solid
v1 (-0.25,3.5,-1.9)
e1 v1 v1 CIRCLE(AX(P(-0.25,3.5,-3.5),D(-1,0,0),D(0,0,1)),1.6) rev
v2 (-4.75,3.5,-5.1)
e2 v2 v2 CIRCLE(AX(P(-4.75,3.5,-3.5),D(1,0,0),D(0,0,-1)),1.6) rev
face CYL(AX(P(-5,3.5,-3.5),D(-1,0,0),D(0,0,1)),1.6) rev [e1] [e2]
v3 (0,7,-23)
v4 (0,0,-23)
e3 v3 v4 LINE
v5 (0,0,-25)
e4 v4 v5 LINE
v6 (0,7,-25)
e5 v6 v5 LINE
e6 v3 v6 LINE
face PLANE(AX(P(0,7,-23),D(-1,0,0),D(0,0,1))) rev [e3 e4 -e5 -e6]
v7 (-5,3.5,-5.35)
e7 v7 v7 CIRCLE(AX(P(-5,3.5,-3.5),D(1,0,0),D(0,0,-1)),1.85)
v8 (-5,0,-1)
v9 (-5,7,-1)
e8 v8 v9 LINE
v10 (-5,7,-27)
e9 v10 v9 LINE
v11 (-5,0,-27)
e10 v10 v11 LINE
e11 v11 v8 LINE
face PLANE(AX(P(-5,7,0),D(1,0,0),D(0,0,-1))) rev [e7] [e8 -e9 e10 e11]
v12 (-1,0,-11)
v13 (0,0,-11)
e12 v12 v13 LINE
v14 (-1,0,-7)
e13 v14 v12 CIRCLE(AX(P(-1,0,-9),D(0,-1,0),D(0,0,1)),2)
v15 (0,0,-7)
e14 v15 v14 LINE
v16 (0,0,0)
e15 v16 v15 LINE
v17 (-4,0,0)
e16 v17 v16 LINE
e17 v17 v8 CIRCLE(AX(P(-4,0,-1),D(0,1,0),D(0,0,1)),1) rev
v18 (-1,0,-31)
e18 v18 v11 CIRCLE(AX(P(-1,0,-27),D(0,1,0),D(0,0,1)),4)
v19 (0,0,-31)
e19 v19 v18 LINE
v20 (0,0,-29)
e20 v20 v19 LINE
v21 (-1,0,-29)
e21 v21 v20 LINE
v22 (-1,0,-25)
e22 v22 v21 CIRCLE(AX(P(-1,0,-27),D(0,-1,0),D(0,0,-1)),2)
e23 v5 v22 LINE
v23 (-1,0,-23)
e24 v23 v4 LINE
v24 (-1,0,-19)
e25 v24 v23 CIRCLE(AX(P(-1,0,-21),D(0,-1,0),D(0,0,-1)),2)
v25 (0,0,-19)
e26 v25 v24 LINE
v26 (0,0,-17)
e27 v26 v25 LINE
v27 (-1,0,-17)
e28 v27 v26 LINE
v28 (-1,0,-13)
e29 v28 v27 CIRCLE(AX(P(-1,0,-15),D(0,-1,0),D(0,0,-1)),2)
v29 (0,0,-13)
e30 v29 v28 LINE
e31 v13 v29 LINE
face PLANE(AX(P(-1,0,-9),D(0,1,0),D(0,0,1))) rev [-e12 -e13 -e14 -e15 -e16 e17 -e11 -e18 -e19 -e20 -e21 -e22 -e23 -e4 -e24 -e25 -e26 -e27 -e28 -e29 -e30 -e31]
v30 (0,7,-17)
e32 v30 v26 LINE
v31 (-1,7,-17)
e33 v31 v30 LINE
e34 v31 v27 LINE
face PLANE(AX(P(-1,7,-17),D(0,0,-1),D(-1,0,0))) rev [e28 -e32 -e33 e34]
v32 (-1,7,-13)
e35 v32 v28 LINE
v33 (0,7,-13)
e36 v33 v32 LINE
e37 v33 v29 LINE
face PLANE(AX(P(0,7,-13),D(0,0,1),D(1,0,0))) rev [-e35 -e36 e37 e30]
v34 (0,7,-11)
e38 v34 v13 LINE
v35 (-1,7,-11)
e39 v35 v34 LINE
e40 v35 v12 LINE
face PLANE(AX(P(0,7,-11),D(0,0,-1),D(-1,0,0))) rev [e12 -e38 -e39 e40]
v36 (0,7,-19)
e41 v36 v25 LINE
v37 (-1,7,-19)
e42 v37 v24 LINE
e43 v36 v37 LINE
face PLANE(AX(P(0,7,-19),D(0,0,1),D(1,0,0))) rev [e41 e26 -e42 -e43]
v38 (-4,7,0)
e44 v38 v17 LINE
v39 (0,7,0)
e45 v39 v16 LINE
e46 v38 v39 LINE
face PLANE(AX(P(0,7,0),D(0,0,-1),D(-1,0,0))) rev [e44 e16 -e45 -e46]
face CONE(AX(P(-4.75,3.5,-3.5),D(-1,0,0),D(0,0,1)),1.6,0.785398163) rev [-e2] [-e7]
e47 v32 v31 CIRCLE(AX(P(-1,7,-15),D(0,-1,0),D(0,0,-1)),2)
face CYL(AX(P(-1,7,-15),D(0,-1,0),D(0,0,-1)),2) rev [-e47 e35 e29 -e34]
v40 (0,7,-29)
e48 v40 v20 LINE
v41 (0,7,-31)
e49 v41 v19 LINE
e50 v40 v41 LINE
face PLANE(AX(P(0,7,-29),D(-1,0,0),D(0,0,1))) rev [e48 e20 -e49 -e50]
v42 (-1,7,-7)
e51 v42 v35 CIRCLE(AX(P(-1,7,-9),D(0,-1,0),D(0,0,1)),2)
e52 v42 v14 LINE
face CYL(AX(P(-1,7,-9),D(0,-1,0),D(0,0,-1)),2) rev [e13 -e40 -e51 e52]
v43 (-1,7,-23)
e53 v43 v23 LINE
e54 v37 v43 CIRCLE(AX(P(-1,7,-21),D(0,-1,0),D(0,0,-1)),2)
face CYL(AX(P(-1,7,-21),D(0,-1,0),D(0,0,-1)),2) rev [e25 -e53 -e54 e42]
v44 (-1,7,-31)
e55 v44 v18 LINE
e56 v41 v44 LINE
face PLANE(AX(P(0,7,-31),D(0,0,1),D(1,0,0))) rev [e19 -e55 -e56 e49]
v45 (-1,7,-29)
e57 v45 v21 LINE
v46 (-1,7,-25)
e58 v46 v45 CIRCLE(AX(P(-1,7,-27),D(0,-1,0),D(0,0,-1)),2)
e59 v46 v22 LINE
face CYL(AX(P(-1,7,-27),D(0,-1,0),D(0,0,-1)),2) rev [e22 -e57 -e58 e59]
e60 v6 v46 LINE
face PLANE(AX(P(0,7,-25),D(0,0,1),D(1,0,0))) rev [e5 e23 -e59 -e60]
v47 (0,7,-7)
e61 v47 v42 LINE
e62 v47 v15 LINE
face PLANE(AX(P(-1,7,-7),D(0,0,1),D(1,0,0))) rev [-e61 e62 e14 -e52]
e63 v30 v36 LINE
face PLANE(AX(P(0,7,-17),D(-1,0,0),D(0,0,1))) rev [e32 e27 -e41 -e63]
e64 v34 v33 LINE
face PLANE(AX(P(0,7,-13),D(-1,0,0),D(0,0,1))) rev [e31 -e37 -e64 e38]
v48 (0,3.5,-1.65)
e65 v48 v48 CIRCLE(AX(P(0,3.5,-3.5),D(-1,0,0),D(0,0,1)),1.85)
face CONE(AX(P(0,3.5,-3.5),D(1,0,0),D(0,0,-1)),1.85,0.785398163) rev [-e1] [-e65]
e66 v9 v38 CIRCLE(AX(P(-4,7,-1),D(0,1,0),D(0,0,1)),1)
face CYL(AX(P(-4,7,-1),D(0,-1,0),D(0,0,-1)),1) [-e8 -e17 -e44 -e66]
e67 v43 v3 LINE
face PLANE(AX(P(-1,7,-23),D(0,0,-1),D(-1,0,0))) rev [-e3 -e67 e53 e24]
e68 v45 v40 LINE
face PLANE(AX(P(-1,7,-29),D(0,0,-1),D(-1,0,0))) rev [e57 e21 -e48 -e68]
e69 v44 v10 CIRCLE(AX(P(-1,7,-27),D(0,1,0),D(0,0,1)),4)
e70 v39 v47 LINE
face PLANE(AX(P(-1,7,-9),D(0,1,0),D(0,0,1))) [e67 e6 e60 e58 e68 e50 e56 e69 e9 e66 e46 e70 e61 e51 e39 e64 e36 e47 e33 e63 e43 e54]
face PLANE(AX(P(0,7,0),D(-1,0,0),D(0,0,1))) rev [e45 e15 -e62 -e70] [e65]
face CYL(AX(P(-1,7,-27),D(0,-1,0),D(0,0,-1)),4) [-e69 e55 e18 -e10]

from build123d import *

# Parameters (mm, degrees)
BOSS_EXTRUDE1_DEPTH  = 7
M3_CLEARANCE_HOLE1_D = 3.2
CHAMFER2_SIZE        = 0.25
FILLET1_R            = 1


with BuildPart() as part:
    # Sketch1 → Boss-Extrude1 (new body)
    with BuildSketch(Plane(origin=(0, 0, 0), x_dir=(1, 0, 0), z_dir=(0, 1, 0))):
        with BuildLine():
            Line((0, 0), (-5, 0))
            Line((-5, 0), (-5, 9.065528002))
            Line((-5, 9.065528002), (-5, 27))
            ThreePointArc((-5, 27), (-3.828427125, 29.828427125), (-1, 31))
            Line((-1, 31), (0, 31))
            Line((0, 31), (0, 29))
            Line((0, 29), (-1, 29))
            ThreePointArc((-1, 29), (-3, 27), (-1, 25))
            Line((-1, 25), (0, 25))
            Line((0, 25), (0, 23))
            Line((0, 23), (-1, 23))
            ThreePointArc((-1, 23), (-3, 21), (-1, 19))
            Line((-1, 19), (0, 19))
            Line((0, 19), (0, 17))
            Line((0, 17), (-1, 17))
            ThreePointArc((-1, 17), (-3, 15), (-1, 13))
            Line((-1, 13), (0, 13))
            Line((0, 13), (0, 11))
            Line((0, 11), (-1, 11))
            ThreePointArc((-1, 11), (-3, 9), (-1, 7))
            Line((-1, 7), (0, 7))
            Line((0, 7), (0, 0))
        make_face()
    extrude(amount=BOSS_EXTRUDE1_DEPTH)

    # M3 Clearance Hole1 (through all)
    with Locations(Plane.ZY.offset(5)):
        with Locations((-3.5, 3.5)):
            Hole(M3_CLEARANCE_HOLE1_D / 2)

    # Chamfer2
    chamfer2_edges = [part.edges().sort_by_distance(p)[0] for p in [
        (-5, 3.5, -1.9),
        (0, 3.5, -1.9),
    ]]
    chamfer(chamfer2_edges, length=CHAMFER2_SIZE)

    # Fillet1
    fillet1_edges = [part.edges().sort_by_distance(p)[0] for p in [
        (-5, 3.5, 0),
    ]]
    fillet(fillet1_edges, radius=FILLET1_R)


solid = part.part
